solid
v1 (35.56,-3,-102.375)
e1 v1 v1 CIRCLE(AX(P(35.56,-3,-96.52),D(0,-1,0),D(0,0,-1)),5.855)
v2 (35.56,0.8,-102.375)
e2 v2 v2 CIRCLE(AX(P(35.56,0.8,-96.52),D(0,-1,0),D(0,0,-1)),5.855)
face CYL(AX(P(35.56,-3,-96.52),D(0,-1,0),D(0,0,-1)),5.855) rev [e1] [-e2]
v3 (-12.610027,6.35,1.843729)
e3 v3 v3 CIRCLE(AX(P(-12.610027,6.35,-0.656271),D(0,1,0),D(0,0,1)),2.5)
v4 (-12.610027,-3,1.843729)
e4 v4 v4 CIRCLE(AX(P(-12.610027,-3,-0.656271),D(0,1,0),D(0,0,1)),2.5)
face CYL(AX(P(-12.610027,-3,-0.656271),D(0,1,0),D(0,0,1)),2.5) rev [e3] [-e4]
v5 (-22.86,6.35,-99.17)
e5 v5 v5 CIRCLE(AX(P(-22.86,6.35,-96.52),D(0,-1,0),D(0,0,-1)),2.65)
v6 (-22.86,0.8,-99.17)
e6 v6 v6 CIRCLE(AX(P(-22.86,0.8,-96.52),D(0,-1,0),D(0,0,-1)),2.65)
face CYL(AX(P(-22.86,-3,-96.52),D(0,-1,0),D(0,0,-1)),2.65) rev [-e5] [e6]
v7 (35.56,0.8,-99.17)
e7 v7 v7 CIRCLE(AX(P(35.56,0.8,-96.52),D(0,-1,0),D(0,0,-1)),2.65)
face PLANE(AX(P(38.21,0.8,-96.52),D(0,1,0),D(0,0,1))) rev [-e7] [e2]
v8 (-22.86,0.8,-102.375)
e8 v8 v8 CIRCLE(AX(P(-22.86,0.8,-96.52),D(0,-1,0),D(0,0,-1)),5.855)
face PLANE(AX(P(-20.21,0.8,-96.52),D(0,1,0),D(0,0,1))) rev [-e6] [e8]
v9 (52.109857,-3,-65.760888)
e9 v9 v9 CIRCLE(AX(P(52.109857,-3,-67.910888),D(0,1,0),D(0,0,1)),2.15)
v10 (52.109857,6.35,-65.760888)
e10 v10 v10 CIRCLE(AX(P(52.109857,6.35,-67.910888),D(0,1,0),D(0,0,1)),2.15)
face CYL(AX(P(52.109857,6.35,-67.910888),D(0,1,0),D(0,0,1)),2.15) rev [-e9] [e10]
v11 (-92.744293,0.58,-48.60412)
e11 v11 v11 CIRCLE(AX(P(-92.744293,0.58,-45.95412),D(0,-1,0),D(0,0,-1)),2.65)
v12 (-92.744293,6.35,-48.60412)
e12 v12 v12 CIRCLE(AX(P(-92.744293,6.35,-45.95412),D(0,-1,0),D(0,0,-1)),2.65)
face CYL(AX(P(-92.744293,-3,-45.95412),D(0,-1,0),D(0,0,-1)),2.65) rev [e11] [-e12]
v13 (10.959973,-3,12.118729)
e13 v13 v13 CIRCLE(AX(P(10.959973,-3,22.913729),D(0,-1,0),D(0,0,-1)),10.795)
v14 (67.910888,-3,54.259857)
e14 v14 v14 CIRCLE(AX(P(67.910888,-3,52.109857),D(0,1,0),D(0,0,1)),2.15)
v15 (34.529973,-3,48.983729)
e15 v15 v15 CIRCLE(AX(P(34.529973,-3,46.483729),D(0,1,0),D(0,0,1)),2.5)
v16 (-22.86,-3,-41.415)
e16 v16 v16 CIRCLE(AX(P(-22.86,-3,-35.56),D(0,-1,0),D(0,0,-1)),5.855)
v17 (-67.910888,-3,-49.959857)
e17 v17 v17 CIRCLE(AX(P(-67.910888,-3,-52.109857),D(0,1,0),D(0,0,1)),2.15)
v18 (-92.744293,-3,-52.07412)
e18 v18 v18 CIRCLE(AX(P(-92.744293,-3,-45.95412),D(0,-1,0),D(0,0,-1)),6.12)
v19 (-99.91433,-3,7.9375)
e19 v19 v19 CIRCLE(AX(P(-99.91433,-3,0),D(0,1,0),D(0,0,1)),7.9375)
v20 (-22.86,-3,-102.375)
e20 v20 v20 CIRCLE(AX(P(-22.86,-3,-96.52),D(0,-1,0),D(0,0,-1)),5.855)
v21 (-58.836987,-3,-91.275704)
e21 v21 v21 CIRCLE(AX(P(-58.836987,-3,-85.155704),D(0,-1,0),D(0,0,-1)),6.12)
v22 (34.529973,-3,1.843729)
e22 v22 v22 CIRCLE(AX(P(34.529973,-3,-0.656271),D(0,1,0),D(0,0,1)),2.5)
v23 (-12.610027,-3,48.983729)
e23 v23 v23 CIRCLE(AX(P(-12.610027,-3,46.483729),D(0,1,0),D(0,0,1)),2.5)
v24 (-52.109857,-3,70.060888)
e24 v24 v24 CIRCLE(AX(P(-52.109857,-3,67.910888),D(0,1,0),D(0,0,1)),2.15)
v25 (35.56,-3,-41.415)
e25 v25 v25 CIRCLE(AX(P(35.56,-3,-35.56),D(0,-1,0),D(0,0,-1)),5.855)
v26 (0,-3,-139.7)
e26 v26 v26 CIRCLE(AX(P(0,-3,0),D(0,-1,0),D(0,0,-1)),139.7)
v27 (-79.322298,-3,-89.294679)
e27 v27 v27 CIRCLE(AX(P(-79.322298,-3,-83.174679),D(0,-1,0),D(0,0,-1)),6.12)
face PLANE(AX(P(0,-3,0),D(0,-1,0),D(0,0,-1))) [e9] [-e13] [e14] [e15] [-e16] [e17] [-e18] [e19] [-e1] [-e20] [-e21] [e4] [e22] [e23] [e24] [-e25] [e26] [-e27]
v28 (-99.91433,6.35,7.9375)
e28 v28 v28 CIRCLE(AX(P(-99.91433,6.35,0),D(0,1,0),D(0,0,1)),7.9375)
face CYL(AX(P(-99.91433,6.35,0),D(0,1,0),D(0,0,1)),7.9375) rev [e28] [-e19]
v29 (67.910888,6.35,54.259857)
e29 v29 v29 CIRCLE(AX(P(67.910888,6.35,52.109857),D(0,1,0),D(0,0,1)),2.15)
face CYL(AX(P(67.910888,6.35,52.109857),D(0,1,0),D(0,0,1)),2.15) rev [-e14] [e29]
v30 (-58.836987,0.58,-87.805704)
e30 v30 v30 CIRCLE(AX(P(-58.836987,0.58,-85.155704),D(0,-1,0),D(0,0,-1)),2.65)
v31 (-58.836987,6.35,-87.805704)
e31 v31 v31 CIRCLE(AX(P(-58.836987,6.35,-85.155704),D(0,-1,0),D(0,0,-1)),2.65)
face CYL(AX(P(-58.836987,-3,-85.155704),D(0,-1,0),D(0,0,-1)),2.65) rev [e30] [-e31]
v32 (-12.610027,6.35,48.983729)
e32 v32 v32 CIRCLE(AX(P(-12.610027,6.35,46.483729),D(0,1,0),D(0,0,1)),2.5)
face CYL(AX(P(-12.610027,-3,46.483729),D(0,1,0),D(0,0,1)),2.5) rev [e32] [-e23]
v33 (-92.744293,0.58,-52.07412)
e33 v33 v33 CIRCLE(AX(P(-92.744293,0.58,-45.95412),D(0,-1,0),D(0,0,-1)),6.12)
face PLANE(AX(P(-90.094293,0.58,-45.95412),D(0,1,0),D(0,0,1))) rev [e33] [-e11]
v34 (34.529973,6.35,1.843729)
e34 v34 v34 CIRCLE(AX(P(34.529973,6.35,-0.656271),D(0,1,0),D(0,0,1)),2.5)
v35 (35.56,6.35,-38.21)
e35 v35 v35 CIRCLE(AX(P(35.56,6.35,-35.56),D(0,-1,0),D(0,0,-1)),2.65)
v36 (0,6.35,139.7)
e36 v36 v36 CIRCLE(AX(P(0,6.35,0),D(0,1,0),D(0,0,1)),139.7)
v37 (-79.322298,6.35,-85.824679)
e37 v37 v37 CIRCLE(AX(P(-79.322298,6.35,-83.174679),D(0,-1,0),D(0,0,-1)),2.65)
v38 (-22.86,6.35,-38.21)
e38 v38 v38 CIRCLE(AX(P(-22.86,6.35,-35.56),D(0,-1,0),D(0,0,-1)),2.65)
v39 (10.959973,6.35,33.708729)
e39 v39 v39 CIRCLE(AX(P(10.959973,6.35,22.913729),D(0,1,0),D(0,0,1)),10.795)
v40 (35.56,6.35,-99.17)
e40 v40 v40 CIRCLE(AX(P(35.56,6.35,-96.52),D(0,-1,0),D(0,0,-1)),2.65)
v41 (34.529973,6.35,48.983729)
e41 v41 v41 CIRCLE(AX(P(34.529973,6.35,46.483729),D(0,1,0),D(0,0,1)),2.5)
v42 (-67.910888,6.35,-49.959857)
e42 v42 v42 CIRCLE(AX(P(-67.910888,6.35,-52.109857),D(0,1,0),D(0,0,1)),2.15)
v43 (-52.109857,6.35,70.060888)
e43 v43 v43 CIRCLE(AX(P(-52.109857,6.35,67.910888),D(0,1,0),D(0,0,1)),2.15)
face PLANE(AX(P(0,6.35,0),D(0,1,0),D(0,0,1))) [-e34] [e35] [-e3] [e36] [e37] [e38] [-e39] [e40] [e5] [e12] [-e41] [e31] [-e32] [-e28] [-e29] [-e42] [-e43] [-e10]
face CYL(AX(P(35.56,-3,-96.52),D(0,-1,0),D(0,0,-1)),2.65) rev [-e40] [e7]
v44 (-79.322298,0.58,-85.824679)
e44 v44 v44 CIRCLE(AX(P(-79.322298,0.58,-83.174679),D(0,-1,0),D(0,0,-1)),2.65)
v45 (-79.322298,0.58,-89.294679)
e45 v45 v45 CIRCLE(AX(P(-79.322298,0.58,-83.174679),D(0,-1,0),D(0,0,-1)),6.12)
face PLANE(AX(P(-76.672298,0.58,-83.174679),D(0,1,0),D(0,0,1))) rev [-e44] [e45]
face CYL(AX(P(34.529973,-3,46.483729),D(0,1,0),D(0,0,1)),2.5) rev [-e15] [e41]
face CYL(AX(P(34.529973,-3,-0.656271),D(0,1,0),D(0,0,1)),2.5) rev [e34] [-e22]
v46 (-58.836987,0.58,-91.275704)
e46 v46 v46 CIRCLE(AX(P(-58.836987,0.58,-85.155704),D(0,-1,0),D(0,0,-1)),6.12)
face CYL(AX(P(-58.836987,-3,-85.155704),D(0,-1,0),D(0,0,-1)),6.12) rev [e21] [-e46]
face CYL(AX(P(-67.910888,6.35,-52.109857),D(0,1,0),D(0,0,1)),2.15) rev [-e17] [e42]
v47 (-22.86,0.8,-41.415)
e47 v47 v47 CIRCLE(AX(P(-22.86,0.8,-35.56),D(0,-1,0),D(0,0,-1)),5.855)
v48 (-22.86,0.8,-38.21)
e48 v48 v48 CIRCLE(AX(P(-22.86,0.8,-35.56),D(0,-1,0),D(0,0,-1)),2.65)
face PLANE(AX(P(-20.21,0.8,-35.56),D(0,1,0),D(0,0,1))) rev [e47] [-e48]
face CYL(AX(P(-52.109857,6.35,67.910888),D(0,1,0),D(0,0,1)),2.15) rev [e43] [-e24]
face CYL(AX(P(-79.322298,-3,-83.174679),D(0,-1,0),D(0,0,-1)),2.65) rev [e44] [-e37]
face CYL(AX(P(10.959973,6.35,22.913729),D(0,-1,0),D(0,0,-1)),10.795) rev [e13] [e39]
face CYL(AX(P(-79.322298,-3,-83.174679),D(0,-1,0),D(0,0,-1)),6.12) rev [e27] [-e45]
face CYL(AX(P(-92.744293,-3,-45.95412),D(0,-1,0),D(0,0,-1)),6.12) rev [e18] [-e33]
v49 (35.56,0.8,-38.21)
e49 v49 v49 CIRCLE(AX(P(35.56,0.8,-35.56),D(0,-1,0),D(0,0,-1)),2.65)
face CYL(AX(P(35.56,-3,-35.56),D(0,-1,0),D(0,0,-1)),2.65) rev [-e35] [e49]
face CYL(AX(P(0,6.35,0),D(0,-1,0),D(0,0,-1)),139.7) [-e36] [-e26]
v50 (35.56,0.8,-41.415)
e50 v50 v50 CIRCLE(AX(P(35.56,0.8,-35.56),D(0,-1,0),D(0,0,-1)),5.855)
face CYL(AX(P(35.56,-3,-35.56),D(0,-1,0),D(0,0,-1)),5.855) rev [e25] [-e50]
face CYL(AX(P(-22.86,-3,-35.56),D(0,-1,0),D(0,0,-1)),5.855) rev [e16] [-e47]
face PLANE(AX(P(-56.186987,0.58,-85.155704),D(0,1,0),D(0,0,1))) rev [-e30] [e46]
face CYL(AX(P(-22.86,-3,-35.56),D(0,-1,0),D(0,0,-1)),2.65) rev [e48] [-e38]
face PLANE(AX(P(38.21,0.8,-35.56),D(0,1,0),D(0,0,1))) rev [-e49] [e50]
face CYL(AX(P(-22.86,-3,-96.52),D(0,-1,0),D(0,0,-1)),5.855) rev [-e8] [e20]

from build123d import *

# Parameters (mm, degrees)
SKETCH1_R                                        = 139.7
BOSS_EXTRUDE1_DEPTH                              = 6.35
SKETCH2_R                                        = 134.112
BOSS_EXTRUDE2_DEPTH                              = 3
BOSS_EXTRUDE3_DEPTH                              = 5
SKETCH37_R                                       = 177.8
CUT_EXTRUDE1_DEPTH                               = 268.317994245
CBORE_FOR_M4_HEX_HEAD_MACHINE_SCREW3_D           = 4.3
CBORE_FOR_M4_HEX_HEAD_MACHINE_SCREW3_CBORE_D     = 10.59
CBORE_FOR_M4_HEX_HEAD_MACHINE_SCREW3_CBORE_DEPTH = 3
CIRPATTERN1_COUNT                                = 4
F_5_8_0_625_DIAMETER_HOLE1_D                     = 15.875
SKETCH73_R                                       = 139.7
SKETCH73_R_2                                     = 134.112
BOSS_EXTRUDE4_DEPTH                              = 3
SKETCH74_R                                       = 3.81
SKETCH74_R_2                                     = 2.5
CUT_EXTRUDE5_DEPTH                               = 198.786760174
SKETCH75_R                                       = 21.59
CUT_EXTRUDE6_DEPTH                               = 1.8
SKETCH76_R                                       = 10.795
CUT_EXTRUDE7_DEPTH                               = 198.786760174
CBORE_FOR_M5_HEX_HEAD_MACHINE_SCREW1_D           = 5.3
CBORE_FOR_M5_HEX_HEAD_MACHINE_SCREW1_CBORE_D     = 11.71
CBORE_FOR_M5_HEX_HEAD_MACHINE_SCREW1_CBORE_DEPTH = 3.8
CBORE_FOR_M5_HEX_HEAD_BOLT1_D                    = 5.3
CBORE_FOR_M5_HEX_HEAD_BOLT1_CBORE_D              = 12.24
CBORE_FOR_M5_HEX_HEAD_BOLT1_CBORE_DEPTH          = 3.58
SKETCH84_R                                       = 5.855
BOSS_EXTRUDE6_DEPTH                              = 9.35
SKETCH85_R                                       = 5.295
SKETCH85_R_2                                     = 2.15
SKETCH85_R_3                                     = 21.59
SKETCH85_R_4                                     = 10.795
BOSS_EXTRUDE7_DEPTH                              = 3


with BuildPart() as part:
    # Sketch1 → Boss-Extrude1 (new body)
    with BuildSketch(Plane(origin=(0, 0, 0), x_dir=(1, 0, 0), z_dir=(0, 1, 0))):
        with Locations(Location((0, 0, 0), (0, 0, 270))):
            Circle(SKETCH1_R)
    extrude(amount=BOSS_EXTRUDE1_DEPTH)

    # Sketch2 → Boss-Extrude2 (add)
    with BuildSketch(Plane.XZ):
        with Locations(Location((0, 0, 0), (0, 0, 270))):
            Circle(SKETCH2_R)
    extrude(amount=BOSS_EXTRUDE2_DEPTH)

    # Sketch3 → Boss-Extrude3 (add, symmetric)
    with BuildSketch(Plane.XY):
        with BuildLine():
            Line((-38.1, 95.25), (-38.1, 6.35))
            Line((-38.1, 6.35), (-139.7, 6.35))
            Line((-139.7, 6.35), (-164.11656703, 72.845121962))
            ThreePointArc((-164.11656703, 72.845121962), (-114.47811829, 159.246393895), (-38.1, 95.25))
        make_face()
    extrude(amount=BOSS_EXTRUDE3_DEPTH, both=True)

    # Sketch37 → Cut-Extrude1 (cut, through all)
    with BuildSketch(Plane(origin=(0, 6.35, 0), x_dir=(1, 0, 0), z_dir=(0, 1, 0))):
        Circle(SKETCH37_R)
    extrude(amount=CUT_EXTRUDE1_DEPTH, mode=Mode.SUBTRACT)

    # CBORE for M4 Hex Head Machine Screw3 (through all)
    with Locations(Plane(origin=(0, 6.35, 0), x_dir=(1, 0, 0), z_dir=(0, 1, 0))):
        with Locations((52.109857404, 67.910888344)):
            cbore_for_m4_hex_head_machine_screw3 = CounterBoreHole(CBORE_FOR_M4_HEX_HEAD_MACHINE_SCREW3_D / 2, CBORE_FOR_M4_HEX_HEAD_MACHINE_SCREW3_CBORE_D / 2, CBORE_FOR_M4_HEX_HEAD_MACHINE_SCREW3_CBORE_DEPTH)

    # CirPattern1: CBORE for M4 Hex Head Machine Screw3 ×4 about axis
    cirpattern1_axis = Axis((0, 0, 0), (0, 1, 0))
    for i in range(1, CIRPATTERN1_COUNT):
        add(cbore_for_m4_hex_head_machine_screw3.rotate(cirpattern1_axis, i * 360 / CIRPATTERN1_COUNT), mode=Mode.SUBTRACT)

    # 5/8 (0.625) Diameter Hole1 (through all)
    with Locations(Plane(origin=(0, 6.35, 0), x_dir=(1, 0, 0), z_dir=(0, 1, 0))):
        with Locations((-99.914329603, 0)):
            Hole(F_5_8_0_625_DIAMETER_HOLE1_D / 2)

    # Sketch73 → Boss-Extrude4 (add)
    with BuildSketch(Plane.XZ):
        with Locations(Location((0, 0, 0), (0, 0, 270))):
            Circle(SKETCH73_R)
        Circle(SKETCH73_R_2, mode=Mode.SUBTRACT)
    extrude(amount=BOSS_EXTRUDE4_DEPTH)

    # Sketch74 → Cut-Extrude5 (cut, through all)
    with BuildSketch(Plane(origin=(0, 6.35, 0), x_dir=(1, 0, 0), z_dir=(0, 1, 0))):
        with Locations(Location((10.959973331, -22.913729172, 0), (0, 0, 270))):
            Circle(SKETCH74_R)
        with Locations(Location((34.529973331, -46.483729172, 0), (0, 0, 270))):
            Circle(SKETCH74_R_2)
        with Locations(Location((-12.610026669, -46.483729172, 0), (0, 0, 270))):
            Circle(SKETCH74_R_2)
        with Locations(Location((-12.610026669, 0.656270828, 0), (0, 0, 270))):
            Circle(SKETCH74_R_2)
        with Locations(Location((34.529973331, 0.656270828, 0), (0, 0, 270))):
            Circle(SKETCH74_R_2)
    extrude(amount=-CUT_EXTRUDE5_DEPTH, mode=Mode.SUBTRACT)

    # Sketch75 → Cut-Extrude6 (cut)
    with BuildSketch(Plane(origin=(0, 6.35, 0), x_dir=(1, 0, 0), z_dir=(0, 1, 0))):
        with Locations(Location((10.959973331, -22.913729172, 0), (0, 0, 270))):
            Circle(SKETCH75_R)
    extrude(amount=-CUT_EXTRUDE6_DEPTH, mode=Mode.SUBTRACT)

    # Sketch76 → Cut-Extrude7 (cut, through all)
    with BuildSketch(Plane.XZ.offset(3)):
        with Locations(Location((10.959973331, 22.913729172, 0), (0, 0, 270))):
            Circle(SKETCH76_R)
    extrude(amount=-CUT_EXTRUDE7_DEPTH, mode=Mode.SUBTRACT)

    # CBORE for M5 Hex Head Machine Screw1 (through all)
    with Locations(Plane(origin=(0, -3, 0), x_dir=(-1, 0, 0), z_dir=(0, -1, 0))):
        with Locations((-35.56, 96.52), (-35.56, 66.04), (-35.56, 35.56), (22.86, 35.56), (22.86, 66.04), (22.86, 96.52)):
            CounterBoreHole(CBORE_FOR_M5_HEX_HEAD_MACHINE_SCREW1_D / 2, CBORE_FOR_M5_HEX_HEAD_MACHINE_SCREW1_CBORE_D / 2, CBORE_FOR_M5_HEX_HEAD_MACHINE_SCREW1_CBORE_DEPTH)

    # CBORE for M5 Hex Head Bolt1 (through all)
    with Locations(Plane(origin=(-79.322298318, -3, -83.174678927), x_dir=(0, 0, -1), z_dir=(0, -1, 0))):
        with Locations((0, 0), (-37.220558849, -13.421994622), (1.981025557, 20.485311492)):
            CounterBoreHole(CBORE_FOR_M5_HEX_HEAD_BOLT1_D / 2, CBORE_FOR_M5_HEX_HEAD_BOLT1_CBORE_D / 2, CBORE_FOR_M5_HEX_HEAD_BOLT1_CBORE_DEPTH)

    # Sketch84 → Boss-Extrude6 (add)
    with BuildSketch(Plane.XZ.offset(3)):
        with Locations((35.56, -66.04)):
            Circle(SKETCH84_R)
        with Locations((-22.86, -66.04)):
            Circle(SKETCH84_R)
    extrude(amount=-BOSS_EXTRUDE6_DEPTH)

    # Sketch85 → Boss-Extrude7 (add)
    # profile 1 of 5: a face of its own
    with BuildSketch(Plane(origin=(0, 6.35, 0), x_dir=(1, 0, 0), z_dir=(0, 1, 0))):
        with Locations((-52.109857404, -67.910888344)):
            Circle(SKETCH85_R)
        with Locations(Location((-52.109857404, -67.910888344, 0), (0, 0, 270))):
            Circle(SKETCH85_R_2, mode=Mode.SUBTRACT)
    # profile 2 of 5: a face of its own
    with BuildSketch(Plane(origin=(0, 6.35, 0), x_dir=(1, 0, 0), z_dir=(0, 1, 0))):
        with Locations((67.910888344, -52.109857404)):
            Circle(SKETCH85_R)
        with Locations(Location((67.910888344, -52.109857404, 0), (0, 0, 270))):
            Circle(SKETCH85_R_2, mode=Mode.SUBTRACT)
    # profile 3 of 5: a face of its own
    with BuildSketch(Plane(origin=(0, 6.35, 0), x_dir=(1, 0, 0), z_dir=(0, 1, 0))):
        with Locations((10.959973331, -22.913729172)):
            Circle(SKETCH85_R_3)
        with Locations(Location((10.959973331, -22.913729172, 0), (0, 0, 90))):
            Circle(SKETCH85_R_4, mode=Mode.SUBTRACT)
    # profile 4 of 5: a face of its own
    with BuildSketch(Plane(origin=(0, 6.35, 0), x_dir=(1, 0, 0), z_dir=(0, 1, 0))):
        with Locations((52.109857404, 67.910888344)):
            Circle(SKETCH85_R)
        with Locations(Location((52.109857404, 67.910888344, 0), (0, 0, 270))):
            Circle(SKETCH85_R_2, mode=Mode.SUBTRACT)
    # profile 5 of 5: a face of its own
    with BuildSketch(Plane(origin=(0, 6.35, 0), x_dir=(1, 0, 0), z_dir=(0, 1, 0))):
        with Locations((-67.910888344, 52.109857404)):
            Circle(SKETCH85_R)
        with Locations(Location((-67.910888344, 52.109857404, 0), (0, 0, 270))):
            Circle(SKETCH85_R_2, mode=Mode.SUBTRACT)
    extrude(amount=-BOSS_EXTRUDE7_DEPTH)


solid = part.part
